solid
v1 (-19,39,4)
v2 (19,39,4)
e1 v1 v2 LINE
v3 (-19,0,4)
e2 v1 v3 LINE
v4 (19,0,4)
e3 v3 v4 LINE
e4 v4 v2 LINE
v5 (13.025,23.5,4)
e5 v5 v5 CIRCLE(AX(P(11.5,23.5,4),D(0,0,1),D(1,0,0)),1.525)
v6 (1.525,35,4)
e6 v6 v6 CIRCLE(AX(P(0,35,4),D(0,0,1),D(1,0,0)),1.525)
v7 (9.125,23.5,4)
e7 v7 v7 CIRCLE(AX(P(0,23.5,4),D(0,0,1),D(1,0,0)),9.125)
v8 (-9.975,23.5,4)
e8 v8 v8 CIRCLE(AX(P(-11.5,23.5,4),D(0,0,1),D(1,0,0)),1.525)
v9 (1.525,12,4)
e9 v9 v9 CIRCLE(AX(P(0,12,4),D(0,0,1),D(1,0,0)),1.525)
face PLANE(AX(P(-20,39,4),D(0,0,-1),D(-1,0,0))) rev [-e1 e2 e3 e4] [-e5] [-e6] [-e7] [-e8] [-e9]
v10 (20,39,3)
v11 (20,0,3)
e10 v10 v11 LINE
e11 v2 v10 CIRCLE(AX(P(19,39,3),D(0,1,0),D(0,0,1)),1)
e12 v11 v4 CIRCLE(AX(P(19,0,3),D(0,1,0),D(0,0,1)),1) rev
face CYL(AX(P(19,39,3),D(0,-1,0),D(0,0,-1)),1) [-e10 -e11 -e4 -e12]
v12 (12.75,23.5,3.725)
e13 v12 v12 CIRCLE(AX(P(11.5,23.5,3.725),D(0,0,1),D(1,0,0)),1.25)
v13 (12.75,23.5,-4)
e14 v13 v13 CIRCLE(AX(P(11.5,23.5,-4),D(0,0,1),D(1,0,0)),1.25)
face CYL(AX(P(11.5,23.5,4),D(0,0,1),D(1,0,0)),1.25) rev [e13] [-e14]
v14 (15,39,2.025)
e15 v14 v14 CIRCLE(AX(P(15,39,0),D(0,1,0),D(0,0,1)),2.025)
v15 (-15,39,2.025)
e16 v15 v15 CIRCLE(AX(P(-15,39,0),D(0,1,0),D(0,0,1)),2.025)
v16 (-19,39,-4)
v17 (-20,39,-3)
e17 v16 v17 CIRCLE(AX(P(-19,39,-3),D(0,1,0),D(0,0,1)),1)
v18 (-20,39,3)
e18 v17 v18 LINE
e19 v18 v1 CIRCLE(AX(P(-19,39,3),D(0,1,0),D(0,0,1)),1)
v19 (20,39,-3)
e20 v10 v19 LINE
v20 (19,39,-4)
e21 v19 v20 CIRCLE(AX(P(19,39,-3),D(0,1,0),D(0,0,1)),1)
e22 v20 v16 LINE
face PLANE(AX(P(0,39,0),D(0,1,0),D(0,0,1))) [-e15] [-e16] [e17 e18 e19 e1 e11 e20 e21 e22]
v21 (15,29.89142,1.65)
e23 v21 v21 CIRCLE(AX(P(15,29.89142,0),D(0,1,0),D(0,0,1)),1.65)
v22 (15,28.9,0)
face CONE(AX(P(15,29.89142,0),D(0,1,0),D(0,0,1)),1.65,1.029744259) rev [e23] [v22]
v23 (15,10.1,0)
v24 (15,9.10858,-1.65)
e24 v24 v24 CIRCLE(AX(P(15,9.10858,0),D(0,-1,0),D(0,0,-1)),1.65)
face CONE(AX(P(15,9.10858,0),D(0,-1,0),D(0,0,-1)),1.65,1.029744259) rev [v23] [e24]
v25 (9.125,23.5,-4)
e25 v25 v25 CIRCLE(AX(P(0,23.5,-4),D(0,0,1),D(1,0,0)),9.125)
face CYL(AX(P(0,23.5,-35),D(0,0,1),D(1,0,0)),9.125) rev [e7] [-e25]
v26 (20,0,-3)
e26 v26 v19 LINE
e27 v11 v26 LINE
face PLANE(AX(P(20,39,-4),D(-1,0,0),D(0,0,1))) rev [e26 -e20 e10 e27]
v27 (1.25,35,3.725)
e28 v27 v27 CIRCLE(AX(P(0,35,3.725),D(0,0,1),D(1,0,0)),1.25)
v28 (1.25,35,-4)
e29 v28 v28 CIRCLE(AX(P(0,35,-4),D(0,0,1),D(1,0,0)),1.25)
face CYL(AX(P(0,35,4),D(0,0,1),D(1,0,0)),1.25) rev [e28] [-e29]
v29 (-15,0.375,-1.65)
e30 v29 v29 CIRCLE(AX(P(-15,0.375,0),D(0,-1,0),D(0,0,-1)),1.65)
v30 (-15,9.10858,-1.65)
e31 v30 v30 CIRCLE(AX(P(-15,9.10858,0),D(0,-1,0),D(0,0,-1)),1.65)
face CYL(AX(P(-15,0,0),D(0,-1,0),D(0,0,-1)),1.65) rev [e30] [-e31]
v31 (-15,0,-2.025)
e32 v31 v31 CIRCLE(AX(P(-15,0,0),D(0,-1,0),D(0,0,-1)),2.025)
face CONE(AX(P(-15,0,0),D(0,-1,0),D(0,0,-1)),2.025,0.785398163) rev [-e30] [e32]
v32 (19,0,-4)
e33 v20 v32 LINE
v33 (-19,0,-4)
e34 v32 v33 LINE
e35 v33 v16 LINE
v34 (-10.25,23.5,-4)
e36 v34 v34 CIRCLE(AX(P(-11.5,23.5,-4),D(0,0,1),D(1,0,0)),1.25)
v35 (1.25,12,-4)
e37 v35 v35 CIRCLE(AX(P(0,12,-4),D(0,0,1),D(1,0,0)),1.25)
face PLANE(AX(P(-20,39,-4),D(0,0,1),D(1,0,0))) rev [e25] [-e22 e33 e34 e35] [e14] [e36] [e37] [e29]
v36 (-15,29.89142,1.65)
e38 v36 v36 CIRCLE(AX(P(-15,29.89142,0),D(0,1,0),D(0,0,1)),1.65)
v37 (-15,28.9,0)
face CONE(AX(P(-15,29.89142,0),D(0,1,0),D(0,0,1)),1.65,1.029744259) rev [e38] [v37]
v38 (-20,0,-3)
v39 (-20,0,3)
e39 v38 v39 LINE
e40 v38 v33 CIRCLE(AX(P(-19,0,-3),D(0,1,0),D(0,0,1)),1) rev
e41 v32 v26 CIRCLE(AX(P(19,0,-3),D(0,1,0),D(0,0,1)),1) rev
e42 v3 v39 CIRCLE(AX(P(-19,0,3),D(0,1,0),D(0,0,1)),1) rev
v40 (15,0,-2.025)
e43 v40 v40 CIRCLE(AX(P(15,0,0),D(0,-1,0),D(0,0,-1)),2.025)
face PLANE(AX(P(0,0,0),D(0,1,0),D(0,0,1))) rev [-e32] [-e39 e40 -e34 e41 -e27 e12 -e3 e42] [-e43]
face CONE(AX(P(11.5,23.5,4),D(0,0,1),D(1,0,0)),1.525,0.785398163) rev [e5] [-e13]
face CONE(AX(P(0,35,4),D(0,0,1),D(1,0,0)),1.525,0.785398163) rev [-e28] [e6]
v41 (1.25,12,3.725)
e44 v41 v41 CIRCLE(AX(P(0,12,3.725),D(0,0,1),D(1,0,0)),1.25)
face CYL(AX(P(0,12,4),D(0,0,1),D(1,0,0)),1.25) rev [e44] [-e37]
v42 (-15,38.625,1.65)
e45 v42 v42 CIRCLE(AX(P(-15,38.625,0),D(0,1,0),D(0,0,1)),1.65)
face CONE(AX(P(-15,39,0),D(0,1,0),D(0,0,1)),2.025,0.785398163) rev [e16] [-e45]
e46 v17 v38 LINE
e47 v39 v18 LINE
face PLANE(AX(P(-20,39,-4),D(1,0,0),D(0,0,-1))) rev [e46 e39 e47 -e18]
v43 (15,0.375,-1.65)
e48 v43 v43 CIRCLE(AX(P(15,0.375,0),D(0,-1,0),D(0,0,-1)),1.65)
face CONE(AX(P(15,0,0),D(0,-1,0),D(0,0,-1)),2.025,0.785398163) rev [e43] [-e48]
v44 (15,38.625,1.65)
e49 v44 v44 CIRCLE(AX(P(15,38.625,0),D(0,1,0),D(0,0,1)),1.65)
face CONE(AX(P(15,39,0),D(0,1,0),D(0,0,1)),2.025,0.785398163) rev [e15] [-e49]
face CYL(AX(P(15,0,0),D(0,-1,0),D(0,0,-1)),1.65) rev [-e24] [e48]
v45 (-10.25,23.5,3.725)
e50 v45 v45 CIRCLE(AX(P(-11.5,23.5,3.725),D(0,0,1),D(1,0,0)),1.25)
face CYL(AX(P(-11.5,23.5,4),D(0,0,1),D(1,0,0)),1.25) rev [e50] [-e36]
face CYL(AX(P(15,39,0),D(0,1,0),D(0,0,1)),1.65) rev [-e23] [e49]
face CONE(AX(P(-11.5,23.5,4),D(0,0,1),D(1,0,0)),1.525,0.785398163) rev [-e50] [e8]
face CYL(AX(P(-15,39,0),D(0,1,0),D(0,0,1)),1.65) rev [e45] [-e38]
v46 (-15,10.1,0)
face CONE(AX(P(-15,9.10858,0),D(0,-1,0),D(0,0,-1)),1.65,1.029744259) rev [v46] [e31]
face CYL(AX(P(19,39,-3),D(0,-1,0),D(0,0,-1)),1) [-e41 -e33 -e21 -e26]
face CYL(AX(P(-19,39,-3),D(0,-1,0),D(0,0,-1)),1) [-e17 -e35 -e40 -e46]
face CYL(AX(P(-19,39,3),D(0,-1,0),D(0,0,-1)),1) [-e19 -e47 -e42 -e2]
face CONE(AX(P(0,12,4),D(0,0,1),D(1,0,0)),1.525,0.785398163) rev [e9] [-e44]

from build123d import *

# Parameters (mm, degrees)
SKETCH_1_W                   = 40
SKETCH_1_H                   = 8
EXTRUDE_1_DEPTH              = 39
HOLE_WIZARD_M4_1_D           = 3.3
HOLE_WIZARD_M4_1_DEPTH       = 9.108579979
HOLE_WIZARD_M4_1_CSINK_D     = 4.05
HOLE_WIZARD_M4_1_CSINK_ANGLE = 90
HOLE_WIZARD_M4_1_TIP         = 0.991420021
SKETCH_5_R                   = 9.125
CUT_EXTRUDE_1_DEPTH          = 39
HOLE_WIZARD_M4_2_D           = 3.3
HOLE_WIZARD_M4_2_DEPTH       = 9.108579979
HOLE_WIZARD_M4_2_CSINK_D     = 4.05
HOLE_WIZARD_M4_2_CSINK_ANGLE = 90
HOLE_WIZARD_M4_2_TIP         = 0.991420021
HOLE_WIZARD_M3_1_D           = 2.5
HOLE_WIZARD_M3_1_CSINK_D     = 3.05
HOLE_WIZARD_M3_1_CSINK_ANGLE = 90
FILLET_1_R                   = 1


with BuildPart() as part:
    # 草图1 → 凸台-拉伸1 (new body)
    with BuildSketch(Plane(origin=(0, 0, 0), x_dir=(1, 0, 0), z_dir=(0, 1, 0))):
        Rectangle(SKETCH_1_W, SKETCH_1_H)
    extrude(amount=EXTRUDE_1_DEPTH)

    # M4 螺纹孔1
    with Locations(Plane(origin=(0, 39, 0), x_dir=(1, 0, 0), z_dir=(0, 1, 0))):
        with Locations((-15, 0), (15, 0)):
            CounterSinkHole(HOLE_WIZARD_M4_1_D / 2, HOLE_WIZARD_M4_1_CSINK_D / 2, depth=HOLE_WIZARD_M4_1_DEPTH, counter_sink_angle=HOLE_WIZARD_M4_1_CSINK_ANGLE)
            with Locations((0, 0, -(HOLE_WIZARD_M4_1_DEPTH + HOLE_WIZARD_M4_1_TIP / 2))):  # 118° drill point
                Cone(0, HOLE_WIZARD_M4_1_D / 2, HOLE_WIZARD_M4_1_TIP, mode=Mode.SUBTRACT)

    # 草图5 → 切除-拉伸1 (cut)
    with BuildSketch(Plane.XY.offset(4)):
        with Locations((0, 23.5)):
            Circle(SKETCH_5_R)
    extrude(amount=-CUT_EXTRUDE_1_DEPTH, mode=Mode.SUBTRACT)

    # M4 螺纹孔2
    with Locations(Plane(origin=(0, 0, 0), x_dir=(-1, 0, 0), z_dir=(0, -1, 0))):
        with Locations((15, 0), (-15, 0)):
            CounterSinkHole(HOLE_WIZARD_M4_2_D / 2, HOLE_WIZARD_M4_2_CSINK_D / 2, depth=HOLE_WIZARD_M4_2_DEPTH, counter_sink_angle=HOLE_WIZARD_M4_2_CSINK_ANGLE)
            with Locations((0, 0, -(HOLE_WIZARD_M4_2_DEPTH + HOLE_WIZARD_M4_2_TIP / 2))):  # 118° drill point
                Cone(0, HOLE_WIZARD_M4_2_D / 2, HOLE_WIZARD_M4_2_TIP, mode=Mode.SUBTRACT)

    # M3 螺纹孔1 (through all)
    with Locations(Plane.XY.offset(4)):
        with Locations((0, 35), (-11.5, 23.5), (11.5, 23.5), (0, 12)):
            CounterSinkHole(HOLE_WIZARD_M3_1_D / 2, HOLE_WIZARD_M3_1_CSINK_D / 2, counter_sink_angle=HOLE_WIZARD_M3_1_CSINK_ANGLE)

    # 圆角1
    fillet_1_edges = [part.edges().sort_by_distance(p)[0] for p in [
        (20, 19.5, 4),
        (-20, 19.5, 4),
        (-20, 19.5, -4),
        (20, 19.5, -4),
    ]]
    fillet(fillet_1_edges, radius=FILLET_1_R)


solid = part.part
